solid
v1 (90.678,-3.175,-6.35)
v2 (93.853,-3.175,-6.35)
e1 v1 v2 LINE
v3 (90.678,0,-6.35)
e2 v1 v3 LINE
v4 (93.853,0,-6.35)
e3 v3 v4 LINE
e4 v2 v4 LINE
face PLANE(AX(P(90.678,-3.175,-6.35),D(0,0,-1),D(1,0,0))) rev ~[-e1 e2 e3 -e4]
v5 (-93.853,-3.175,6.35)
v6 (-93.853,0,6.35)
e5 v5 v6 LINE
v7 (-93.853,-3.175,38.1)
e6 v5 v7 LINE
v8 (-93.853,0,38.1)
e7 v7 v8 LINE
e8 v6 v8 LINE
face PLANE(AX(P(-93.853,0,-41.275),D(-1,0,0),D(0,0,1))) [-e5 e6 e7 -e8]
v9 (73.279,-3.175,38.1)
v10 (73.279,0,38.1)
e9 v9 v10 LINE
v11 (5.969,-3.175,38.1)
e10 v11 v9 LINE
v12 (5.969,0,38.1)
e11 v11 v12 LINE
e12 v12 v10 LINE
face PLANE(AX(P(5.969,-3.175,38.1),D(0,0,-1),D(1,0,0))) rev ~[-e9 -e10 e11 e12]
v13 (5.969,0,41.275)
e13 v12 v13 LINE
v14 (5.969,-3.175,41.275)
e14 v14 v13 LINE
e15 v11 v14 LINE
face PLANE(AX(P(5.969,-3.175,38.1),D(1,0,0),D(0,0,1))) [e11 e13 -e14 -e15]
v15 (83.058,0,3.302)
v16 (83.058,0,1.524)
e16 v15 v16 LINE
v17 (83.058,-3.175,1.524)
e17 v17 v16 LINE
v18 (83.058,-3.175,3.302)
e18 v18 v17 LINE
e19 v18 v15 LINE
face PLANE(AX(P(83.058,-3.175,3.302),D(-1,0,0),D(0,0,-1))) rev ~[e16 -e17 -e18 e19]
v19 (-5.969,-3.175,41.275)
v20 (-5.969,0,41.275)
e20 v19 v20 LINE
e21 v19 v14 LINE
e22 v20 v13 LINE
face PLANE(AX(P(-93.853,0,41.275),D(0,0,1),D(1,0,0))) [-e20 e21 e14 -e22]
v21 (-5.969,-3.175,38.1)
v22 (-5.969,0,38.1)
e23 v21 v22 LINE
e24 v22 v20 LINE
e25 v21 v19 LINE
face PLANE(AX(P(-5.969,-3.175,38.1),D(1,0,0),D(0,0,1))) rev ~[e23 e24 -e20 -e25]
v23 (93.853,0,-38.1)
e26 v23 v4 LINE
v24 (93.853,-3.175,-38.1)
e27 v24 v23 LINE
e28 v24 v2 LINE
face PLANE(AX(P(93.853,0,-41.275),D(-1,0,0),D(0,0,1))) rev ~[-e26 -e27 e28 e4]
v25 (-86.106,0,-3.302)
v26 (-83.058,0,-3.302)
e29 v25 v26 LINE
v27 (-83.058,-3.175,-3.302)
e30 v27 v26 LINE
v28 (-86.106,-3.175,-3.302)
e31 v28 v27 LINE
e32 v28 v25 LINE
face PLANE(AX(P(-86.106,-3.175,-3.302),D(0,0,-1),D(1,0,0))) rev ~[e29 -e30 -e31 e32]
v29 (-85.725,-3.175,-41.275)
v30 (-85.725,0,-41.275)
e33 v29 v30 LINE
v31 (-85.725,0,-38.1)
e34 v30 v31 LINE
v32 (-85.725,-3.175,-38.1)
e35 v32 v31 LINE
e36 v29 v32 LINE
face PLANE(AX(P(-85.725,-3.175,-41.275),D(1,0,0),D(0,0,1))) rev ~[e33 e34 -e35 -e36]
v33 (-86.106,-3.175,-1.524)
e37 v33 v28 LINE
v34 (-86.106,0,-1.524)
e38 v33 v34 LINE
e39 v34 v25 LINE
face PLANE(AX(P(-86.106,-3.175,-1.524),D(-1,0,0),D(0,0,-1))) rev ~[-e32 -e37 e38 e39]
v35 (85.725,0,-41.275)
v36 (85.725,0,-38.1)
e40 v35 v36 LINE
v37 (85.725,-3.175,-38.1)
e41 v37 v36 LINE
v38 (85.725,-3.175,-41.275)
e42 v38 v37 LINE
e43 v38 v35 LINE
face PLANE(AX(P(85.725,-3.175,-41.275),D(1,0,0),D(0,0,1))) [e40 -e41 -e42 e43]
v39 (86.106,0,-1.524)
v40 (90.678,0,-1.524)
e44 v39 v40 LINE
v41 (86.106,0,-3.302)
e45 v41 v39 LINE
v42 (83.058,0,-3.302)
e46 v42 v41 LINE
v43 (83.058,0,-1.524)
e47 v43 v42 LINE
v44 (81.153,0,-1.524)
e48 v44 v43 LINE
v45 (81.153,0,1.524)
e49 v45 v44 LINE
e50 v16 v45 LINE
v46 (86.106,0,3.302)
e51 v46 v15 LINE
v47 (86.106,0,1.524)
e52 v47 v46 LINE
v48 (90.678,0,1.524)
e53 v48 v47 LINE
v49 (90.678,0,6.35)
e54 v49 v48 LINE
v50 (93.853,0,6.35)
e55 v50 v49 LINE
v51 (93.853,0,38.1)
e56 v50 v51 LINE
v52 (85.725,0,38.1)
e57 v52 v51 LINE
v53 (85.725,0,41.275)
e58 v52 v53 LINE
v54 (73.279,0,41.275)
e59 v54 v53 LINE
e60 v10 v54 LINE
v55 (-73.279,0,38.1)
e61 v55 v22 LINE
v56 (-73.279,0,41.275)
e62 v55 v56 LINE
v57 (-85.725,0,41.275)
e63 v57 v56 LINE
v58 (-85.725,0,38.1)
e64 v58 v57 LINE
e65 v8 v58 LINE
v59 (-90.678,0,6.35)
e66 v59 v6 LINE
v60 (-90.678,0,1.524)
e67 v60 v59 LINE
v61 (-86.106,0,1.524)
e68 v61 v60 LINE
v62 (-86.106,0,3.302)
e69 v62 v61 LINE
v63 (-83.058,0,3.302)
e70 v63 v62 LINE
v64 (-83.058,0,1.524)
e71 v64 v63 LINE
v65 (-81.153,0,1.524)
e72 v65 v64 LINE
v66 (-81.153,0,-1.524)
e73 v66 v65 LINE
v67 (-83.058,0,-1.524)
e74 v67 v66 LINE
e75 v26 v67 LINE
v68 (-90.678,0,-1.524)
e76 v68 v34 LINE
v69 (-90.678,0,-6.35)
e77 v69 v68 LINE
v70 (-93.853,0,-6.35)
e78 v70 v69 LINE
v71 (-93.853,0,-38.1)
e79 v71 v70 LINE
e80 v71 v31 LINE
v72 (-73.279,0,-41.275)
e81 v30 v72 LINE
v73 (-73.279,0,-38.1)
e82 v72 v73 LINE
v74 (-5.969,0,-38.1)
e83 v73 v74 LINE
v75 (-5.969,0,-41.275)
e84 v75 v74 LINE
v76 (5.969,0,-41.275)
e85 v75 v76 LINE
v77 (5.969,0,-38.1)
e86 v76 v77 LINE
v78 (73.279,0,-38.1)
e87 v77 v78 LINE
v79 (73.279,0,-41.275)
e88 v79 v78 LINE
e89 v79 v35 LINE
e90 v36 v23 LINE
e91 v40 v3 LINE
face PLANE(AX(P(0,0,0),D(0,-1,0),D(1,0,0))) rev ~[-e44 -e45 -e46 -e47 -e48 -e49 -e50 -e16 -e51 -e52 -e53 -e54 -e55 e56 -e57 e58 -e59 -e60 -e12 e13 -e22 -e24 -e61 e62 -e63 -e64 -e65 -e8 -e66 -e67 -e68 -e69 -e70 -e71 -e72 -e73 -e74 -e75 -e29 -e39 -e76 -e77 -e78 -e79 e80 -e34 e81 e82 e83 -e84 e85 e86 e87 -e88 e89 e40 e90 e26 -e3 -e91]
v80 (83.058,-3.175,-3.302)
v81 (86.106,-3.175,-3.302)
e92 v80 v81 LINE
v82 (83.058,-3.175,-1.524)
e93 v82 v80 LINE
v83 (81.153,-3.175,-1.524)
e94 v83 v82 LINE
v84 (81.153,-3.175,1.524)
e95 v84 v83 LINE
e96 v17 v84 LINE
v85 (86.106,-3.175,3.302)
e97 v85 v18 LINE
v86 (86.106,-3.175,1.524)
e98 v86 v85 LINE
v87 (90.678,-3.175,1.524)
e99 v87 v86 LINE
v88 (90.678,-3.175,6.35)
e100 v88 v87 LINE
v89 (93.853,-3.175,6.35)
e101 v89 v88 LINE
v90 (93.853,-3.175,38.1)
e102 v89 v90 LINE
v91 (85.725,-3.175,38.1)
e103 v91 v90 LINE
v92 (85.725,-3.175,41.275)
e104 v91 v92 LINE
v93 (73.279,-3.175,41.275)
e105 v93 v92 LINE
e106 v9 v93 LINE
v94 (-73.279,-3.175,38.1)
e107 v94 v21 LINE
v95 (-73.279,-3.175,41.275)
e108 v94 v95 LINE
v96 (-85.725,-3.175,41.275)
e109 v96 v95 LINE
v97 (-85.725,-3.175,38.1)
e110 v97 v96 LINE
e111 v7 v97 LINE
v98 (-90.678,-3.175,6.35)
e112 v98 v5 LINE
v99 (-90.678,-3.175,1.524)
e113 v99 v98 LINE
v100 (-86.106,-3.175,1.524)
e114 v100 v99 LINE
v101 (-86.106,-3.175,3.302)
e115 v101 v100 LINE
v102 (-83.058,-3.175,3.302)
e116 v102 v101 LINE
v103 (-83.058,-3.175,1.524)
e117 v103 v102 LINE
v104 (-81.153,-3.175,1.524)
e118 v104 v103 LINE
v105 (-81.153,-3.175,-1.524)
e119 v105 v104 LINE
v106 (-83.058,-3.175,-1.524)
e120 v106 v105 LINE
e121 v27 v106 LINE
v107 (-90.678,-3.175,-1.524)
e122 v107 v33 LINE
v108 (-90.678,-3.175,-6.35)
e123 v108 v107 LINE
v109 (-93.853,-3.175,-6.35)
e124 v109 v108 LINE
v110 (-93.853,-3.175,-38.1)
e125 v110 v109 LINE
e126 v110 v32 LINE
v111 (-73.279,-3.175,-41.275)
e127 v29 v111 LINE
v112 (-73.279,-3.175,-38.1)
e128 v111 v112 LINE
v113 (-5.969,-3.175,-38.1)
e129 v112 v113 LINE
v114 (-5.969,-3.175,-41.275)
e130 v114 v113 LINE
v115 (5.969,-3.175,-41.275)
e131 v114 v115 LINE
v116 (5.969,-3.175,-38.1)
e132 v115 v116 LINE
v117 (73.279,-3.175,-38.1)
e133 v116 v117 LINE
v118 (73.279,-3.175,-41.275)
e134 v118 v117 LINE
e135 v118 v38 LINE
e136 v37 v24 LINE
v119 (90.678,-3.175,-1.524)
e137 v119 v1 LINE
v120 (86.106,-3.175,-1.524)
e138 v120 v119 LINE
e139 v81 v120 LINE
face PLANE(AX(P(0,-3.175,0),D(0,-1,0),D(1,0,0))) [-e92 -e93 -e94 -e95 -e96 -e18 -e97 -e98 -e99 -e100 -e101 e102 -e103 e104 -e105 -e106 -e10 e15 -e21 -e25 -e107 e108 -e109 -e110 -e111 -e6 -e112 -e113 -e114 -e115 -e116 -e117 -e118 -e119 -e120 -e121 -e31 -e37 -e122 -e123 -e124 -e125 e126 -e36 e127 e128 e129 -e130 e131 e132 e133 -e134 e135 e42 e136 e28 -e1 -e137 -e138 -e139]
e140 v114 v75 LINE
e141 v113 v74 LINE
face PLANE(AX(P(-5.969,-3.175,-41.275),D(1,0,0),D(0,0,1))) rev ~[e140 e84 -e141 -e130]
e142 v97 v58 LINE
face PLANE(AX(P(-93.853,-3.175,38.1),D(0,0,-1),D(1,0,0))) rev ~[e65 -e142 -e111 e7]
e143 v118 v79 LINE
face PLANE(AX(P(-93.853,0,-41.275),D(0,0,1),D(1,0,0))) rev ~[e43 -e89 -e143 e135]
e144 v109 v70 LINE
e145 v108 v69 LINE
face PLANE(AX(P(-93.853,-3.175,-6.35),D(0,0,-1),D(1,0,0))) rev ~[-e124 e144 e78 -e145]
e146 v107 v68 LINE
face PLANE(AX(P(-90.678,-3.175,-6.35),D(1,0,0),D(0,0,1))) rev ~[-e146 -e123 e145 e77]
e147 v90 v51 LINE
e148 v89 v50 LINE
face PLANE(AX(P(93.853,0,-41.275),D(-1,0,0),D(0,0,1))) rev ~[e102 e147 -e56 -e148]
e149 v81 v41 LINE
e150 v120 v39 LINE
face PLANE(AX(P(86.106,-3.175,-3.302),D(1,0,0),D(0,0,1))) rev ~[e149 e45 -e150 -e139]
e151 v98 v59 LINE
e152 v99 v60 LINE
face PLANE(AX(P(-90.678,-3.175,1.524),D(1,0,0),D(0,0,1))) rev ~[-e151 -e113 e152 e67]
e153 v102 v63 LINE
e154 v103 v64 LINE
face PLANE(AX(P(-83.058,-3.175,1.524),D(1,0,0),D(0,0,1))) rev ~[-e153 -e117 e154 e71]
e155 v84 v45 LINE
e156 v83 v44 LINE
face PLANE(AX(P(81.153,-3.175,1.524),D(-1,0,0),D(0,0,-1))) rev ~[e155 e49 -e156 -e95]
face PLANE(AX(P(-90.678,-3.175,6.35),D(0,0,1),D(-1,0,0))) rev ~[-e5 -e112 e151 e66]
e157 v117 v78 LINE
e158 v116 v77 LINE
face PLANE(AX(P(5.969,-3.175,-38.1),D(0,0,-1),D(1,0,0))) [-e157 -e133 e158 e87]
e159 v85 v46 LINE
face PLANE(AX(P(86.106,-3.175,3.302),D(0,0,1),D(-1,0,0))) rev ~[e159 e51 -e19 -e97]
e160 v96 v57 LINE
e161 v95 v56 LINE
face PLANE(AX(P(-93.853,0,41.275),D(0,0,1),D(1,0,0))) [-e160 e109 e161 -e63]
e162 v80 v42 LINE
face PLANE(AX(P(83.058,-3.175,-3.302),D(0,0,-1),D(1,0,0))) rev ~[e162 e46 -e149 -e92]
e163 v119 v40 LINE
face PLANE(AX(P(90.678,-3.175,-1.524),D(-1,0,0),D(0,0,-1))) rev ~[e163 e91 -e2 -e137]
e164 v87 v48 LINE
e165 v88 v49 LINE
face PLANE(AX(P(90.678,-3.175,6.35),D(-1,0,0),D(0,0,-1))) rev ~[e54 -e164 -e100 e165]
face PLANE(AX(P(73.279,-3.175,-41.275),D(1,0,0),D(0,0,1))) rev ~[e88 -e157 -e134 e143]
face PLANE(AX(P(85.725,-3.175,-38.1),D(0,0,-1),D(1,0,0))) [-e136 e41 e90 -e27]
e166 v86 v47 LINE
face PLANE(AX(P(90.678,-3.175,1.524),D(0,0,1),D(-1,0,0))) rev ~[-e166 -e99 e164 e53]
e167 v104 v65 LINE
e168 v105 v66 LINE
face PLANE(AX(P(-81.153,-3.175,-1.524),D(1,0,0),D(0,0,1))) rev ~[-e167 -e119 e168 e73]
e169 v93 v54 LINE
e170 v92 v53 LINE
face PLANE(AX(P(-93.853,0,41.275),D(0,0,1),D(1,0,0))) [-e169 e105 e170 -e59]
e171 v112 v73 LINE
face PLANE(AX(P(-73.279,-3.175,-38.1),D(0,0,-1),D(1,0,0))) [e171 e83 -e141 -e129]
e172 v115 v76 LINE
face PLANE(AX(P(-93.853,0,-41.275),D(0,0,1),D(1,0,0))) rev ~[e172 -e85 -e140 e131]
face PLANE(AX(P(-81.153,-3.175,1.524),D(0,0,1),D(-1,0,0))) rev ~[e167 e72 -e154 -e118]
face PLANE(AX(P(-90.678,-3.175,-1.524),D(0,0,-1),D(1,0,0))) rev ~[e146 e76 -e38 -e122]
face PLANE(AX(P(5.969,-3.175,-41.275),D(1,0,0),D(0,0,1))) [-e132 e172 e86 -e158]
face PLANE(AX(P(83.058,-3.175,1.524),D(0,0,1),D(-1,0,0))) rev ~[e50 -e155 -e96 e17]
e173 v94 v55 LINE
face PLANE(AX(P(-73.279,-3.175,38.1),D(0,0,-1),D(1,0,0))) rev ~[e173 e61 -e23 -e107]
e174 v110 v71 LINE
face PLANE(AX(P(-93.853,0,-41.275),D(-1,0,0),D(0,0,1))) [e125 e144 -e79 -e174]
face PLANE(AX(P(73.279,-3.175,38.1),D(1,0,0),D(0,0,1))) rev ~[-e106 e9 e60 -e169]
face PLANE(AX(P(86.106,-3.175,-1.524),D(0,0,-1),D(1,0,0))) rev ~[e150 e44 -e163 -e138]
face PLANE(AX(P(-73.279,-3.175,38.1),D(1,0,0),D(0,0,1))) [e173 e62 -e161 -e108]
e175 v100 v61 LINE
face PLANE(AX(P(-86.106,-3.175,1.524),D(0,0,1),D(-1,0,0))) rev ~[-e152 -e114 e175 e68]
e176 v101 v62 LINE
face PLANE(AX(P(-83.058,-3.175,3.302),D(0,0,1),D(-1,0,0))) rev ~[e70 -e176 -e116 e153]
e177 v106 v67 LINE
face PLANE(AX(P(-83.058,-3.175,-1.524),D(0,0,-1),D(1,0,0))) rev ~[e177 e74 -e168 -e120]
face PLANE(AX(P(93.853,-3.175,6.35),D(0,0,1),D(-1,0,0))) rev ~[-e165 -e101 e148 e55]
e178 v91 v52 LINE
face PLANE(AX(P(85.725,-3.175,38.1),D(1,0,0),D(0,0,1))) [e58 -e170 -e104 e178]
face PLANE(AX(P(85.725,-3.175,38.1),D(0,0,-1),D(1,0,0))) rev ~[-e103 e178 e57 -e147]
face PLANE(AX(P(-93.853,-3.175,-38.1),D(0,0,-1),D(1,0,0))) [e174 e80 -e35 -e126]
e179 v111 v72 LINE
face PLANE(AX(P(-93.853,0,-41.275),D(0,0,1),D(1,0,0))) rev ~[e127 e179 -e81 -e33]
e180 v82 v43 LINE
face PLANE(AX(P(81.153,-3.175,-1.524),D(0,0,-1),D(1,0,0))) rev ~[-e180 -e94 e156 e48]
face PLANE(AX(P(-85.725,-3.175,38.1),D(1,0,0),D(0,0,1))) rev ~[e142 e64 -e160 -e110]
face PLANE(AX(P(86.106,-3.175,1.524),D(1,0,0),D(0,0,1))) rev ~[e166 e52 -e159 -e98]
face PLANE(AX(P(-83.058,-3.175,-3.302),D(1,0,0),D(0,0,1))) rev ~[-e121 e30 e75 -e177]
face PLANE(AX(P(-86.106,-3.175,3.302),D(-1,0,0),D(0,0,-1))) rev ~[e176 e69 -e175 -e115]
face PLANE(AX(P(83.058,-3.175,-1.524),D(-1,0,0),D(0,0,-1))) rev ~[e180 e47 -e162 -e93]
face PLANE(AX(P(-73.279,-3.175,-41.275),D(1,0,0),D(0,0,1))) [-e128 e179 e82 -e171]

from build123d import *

# Parameters (mm, degrees)
F0_W     = 187.706
F0_H     = 82.55
F1_DEPTH = 3.175
F2_W     = 8.128
F2_H     = 3.175
F2_W_2   = 67.31
F3_DEPTH = 3.175


with BuildPart() as f1:
    # F0 (on Front) → F1 (new body)
    with BuildSketch(Plane.XZ):
        Rectangle(F0_W, F0_H)
    extrude(amount=F1_DEPTH)

    # F2 (on face) → F3 (cut)
    with BuildSketch(Plane.XZ.offset(3.175)):
        with Locations((-89.789, 39.6875)):
            Rectangle(F2_W, F2_H)
        with Locations((-39.624, 39.6875)):
            Rectangle(F2_W_2, F2_H)
        with Locations((39.624, 39.6875)):
            Rectangle(F2_W_2, F2_H)
        with Locations((89.789, 39.6875)):
            Rectangle(F2_W, F2_H)
        with Locations((-39.624, -39.6875)):
            Rectangle(F2_W_2, F2_H)
        with Locations((-89.789, -39.6875)):
            Rectangle(F2_W, F2_H)
        with Locations((39.624, -39.6875)):
            Rectangle(F2_W_2, F2_H)
        with Locations((89.789, -39.6875)):
            Rectangle(F2_W, F2_H)
        Polygon((81.153, 1.524), (81.153, 0), (93.853, 0), (93.853, 6.35), (90.678, 6.35), (90.678, 1.524), (86.106, 1.524), (86.106, 3.302), (83.058, 3.302), (83.058, 1.524), align=None)
        Polygon((93.853, 0), (81.153, 0), (81.153, -1.524), (83.058, -1.524), (83.058, -3.302), (86.106, -3.302), (86.106, -1.524), (90.678, -1.524), (90.678, -6.35), (93.853, -6.35), align=None)
        Polygon((-90.678, 6.35), (-93.853, 6.35), (-93.853, 0), (-81.153, 0), (-81.153, 1.524), (-83.058, 1.524), (-83.058, 3.302), (-86.106, 3.302), (-86.106, 1.524), (-90.678, 1.524), align=None)
        Polygon((-81.153, 0), (-93.853, 0), (-93.853, -6.35), (-90.678, -6.35), (-90.678, -1.524), (-86.106, -1.524), (-86.106, -3.302), (-83.058, -3.302), (-83.058, -1.524), (-81.153, -1.524), align=None)
    extrude(amount=-F3_DEPTH, mode=Mode.SUBTRACT)


solid = f1.part
